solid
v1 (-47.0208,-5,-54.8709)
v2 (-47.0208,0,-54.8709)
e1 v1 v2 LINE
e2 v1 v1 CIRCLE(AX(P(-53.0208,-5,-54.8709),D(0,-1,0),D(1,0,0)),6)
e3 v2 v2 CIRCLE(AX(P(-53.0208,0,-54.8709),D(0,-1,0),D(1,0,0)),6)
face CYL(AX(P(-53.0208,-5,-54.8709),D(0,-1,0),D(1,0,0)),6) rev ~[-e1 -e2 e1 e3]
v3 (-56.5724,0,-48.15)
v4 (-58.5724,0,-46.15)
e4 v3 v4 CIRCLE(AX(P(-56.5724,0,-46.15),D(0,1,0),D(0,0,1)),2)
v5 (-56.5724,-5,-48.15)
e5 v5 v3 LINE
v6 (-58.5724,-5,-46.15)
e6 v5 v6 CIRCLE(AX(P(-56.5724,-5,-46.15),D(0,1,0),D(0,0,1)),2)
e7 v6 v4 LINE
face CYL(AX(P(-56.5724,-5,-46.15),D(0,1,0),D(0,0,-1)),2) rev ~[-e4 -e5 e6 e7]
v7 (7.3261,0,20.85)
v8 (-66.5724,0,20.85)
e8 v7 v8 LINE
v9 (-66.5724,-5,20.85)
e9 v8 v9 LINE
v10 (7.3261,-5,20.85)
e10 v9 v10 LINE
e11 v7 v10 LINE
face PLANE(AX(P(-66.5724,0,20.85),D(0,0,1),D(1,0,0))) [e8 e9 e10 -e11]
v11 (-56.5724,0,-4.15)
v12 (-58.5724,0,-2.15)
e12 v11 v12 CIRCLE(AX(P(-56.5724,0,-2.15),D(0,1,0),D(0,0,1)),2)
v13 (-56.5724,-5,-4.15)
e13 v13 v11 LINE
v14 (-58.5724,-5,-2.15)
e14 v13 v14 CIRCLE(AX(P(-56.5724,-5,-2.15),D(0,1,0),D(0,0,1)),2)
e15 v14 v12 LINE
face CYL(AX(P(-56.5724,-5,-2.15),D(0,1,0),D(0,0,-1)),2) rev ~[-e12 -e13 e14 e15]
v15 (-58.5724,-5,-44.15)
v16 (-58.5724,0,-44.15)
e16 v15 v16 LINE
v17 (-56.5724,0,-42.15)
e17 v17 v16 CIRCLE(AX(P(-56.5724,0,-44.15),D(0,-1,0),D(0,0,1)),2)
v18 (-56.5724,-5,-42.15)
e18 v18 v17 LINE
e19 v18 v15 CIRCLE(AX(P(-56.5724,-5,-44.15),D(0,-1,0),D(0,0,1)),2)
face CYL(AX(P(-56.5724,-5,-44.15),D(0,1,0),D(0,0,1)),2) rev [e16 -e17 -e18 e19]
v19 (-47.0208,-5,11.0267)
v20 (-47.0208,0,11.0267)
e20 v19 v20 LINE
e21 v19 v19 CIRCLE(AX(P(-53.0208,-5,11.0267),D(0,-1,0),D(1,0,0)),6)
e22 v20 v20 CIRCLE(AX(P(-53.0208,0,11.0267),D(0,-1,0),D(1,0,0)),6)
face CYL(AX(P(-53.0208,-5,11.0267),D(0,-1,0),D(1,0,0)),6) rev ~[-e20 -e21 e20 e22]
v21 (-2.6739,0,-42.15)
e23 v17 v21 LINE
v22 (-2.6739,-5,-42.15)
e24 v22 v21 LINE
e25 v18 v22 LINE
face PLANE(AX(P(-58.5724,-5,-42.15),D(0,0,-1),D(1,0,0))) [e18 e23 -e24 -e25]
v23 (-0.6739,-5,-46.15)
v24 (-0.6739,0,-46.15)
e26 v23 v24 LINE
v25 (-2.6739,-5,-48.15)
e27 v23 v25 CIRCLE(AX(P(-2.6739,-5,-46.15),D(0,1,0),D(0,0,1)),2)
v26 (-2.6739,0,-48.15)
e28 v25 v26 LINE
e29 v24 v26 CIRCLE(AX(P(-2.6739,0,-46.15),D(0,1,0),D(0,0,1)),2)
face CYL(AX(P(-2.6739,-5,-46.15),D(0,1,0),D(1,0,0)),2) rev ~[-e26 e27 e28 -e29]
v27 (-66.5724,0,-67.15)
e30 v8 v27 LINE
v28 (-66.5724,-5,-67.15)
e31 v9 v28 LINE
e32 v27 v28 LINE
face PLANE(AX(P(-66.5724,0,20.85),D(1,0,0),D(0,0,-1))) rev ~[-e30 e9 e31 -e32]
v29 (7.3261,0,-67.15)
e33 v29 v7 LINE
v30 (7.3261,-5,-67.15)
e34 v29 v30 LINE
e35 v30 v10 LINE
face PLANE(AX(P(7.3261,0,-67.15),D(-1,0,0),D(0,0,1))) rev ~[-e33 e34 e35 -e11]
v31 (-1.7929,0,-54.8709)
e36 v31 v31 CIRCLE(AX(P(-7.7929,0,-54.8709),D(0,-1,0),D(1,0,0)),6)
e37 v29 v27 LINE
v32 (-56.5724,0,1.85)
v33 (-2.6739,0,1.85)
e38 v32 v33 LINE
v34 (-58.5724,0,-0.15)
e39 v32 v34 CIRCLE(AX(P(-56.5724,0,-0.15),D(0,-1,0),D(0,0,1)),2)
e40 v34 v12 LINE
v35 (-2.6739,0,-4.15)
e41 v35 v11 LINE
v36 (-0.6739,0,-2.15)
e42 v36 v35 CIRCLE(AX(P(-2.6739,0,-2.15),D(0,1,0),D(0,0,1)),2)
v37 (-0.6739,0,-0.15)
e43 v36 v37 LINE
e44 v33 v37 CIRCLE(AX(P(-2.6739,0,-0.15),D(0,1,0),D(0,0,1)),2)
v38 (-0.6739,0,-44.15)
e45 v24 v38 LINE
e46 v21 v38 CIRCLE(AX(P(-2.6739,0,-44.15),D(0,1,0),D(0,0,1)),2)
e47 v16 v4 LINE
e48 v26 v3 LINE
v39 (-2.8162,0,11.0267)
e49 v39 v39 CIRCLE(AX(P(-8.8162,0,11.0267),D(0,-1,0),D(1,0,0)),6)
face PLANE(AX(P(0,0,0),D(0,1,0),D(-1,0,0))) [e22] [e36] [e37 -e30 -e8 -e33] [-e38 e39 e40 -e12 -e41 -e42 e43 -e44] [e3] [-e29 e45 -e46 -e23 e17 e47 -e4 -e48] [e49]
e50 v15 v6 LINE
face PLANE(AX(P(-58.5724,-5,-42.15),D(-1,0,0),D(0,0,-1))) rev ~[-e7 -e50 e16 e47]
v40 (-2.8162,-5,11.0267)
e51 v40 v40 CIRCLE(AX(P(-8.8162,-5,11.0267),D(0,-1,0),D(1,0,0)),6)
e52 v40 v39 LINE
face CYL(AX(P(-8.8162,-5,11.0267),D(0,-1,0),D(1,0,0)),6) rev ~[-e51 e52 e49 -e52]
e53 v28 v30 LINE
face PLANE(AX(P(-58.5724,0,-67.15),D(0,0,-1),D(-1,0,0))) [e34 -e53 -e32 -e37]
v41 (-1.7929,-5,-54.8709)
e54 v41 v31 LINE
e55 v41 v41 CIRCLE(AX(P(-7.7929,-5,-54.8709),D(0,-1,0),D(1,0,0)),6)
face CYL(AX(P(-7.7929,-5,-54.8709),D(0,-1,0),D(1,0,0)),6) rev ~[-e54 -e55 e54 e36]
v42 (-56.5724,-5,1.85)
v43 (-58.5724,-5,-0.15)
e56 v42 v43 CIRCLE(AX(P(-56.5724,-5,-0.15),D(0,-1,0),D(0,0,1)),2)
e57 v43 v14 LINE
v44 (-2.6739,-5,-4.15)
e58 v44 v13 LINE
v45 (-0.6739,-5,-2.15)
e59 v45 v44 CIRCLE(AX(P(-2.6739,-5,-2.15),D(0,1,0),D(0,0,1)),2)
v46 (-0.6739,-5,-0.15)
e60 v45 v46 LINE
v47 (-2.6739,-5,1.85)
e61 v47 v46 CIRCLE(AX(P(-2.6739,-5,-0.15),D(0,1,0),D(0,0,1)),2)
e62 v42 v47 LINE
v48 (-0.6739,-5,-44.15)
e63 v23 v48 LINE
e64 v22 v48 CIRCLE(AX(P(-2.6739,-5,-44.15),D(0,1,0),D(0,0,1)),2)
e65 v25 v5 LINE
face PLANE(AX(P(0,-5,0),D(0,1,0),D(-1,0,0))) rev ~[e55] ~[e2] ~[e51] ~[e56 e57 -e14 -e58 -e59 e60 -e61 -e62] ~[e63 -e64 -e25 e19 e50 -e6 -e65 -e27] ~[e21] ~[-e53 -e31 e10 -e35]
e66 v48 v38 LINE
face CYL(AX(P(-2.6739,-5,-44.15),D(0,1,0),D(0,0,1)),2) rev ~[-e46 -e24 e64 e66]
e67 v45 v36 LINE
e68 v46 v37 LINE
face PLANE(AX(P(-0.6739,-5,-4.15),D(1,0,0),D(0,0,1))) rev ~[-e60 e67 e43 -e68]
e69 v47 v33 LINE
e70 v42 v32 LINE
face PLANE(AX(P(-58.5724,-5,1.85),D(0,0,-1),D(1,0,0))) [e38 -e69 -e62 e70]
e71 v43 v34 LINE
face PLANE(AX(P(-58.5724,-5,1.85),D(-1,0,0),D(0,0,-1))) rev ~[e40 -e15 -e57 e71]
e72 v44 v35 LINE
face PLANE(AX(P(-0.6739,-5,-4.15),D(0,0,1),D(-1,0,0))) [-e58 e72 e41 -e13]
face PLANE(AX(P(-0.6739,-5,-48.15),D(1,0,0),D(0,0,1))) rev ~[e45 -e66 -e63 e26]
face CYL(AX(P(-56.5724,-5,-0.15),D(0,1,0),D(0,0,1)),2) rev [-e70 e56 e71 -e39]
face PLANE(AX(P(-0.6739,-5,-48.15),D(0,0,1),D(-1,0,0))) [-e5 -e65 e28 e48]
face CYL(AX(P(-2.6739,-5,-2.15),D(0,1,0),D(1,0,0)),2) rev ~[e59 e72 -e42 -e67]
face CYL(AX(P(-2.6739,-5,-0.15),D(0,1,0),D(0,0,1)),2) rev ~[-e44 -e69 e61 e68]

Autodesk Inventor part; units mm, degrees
ref_plane "YZ Plane" through (0, 0, 0) normal (1, 0, 0) x (0, 1, 0)
ref_plane "XZ Plane" through (0, 0, 0) normal (0, 1, 0) x (-1, 0, 0)
ref_plane "XY Plane" through (0, 0, 0) normal (0, 0, 1) x (1, 0, 0)
sketch "Sketch1" plane through (0, 0, 0) normal (0, 1, 0) x (-1, 0, 0)
  line L0 (58.5724, -67.15) -> (66.5724, -67.15) projected
  line L1 (58.5724, 20.85) -> (58.5724, -67.15) projected
  line L2 (66.5724, 20.85) -> (58.5724, 20.85) projected
  line L3 (66.5724, 20.85) -> (66.5724, -67.15) projected
  line L4 (-7.3261, 20.85) -> (0.6739, 20.85) projected
  line L5 (-7.3261, -67.15) -> (-7.3261, 20.85) projected
  line L6 (0.6739, -67.15) -> (-7.3261, -67.15) projected
  line L7 (0.6739, 20.85) -> (0.6739, -67.15) projected
  line L8 (58.5724, 20.85) -> (0.6739, 20.85)
  line L9 (58.5724, -67.15) -> (0.6739, -67.15)
  point P0 (0, 0)
extrude "Extrusion1" add sketch "Sketch1" against normal blind 5
sketch "Sketch2" plane through (0, -5, 0) normal (0, -1, 0) x (1, 0, 0)
  line L0 (-58.5724, 20.85) -> (-58.5724, -67.15) projected
  line L1 (-0.6739, -67.15) -> (-0.6739, 20.85) projected
  line L2 (-79.1232, -42.15) -> (-79.1232, -48.15) projected
  line L3 (-79.1232, 1.85) -> (-79.1232, -4.15) projected
  line L4 (-79.1232, 1.85) -> (-0.6739, 1.85)
  line L5 (-0.6739, 1.85) -> (-0.6739, -4.15)
  line L6 (-0.6739, -4.15) -> (-79.1232, -4.15)
  line L7 (-79.1232, -4.15) -> (-79.1232, 1.85)
  line L8 (-79.1232, -42.15) -> (-0.6739, -42.15)
  line L9 (-0.6739, -42.15) -> (-0.6739, -48.15)
  line L10 (-0.6739, -48.15) -> (-79.1232, -48.15)
  line L11 (-79.1232, -48.15) -> (-79.1232, -42.15)
  line L12 (-58.5724, 1.85) -> (-58.5724, -4.15)
  line L13 (-58.5724, -42.15) -> (-58.5724, -48.15)
  point P0 (0, 0)
  point P1 (-0.6739, -2.6877)
  point P2 (-58.5724, -2.6877)
  point P3 (-0.6739, -8.6877)
  point P4 (-58.5724, -8.6877)
extrude "Extrusion2" cut sketch "Sketch2" against normal blind 5 contours L4 L1 L6 L0 | L8 L1 L10 L0
fillet "Fillet1" radius 2 8 edges at (-58.5724, -2.5, 1.85) (-58.5724, -2.5, -4.15) (-0.6739, -2.5, 1.85) (-0.6739, -2.5, -4.15) (-0.6739, -2.5, -42.15) (-0.6739, -2.5, -48.15) (-58.5724, -2.5, -42.15) (-58.5724, -2.5, -48.15)
sketch "Sketch3" plane through (0, -5, 0) normal (0, -1, 0) x (1, 0, 0)
  circle A0 centre (-8.8162, 11.0267) radius 6 projected
  circle A1 centre (-53.0208, 11.0267) radius 6 projected
  circle A2 centre (-53.0208, -54.8709) radius 6 projected
  circle A3 centre (-7.7929, -54.8709) radius 6 projected
  point P0 (0, 0)
extrude "Extrusion3" cut sketch "Sketch3" against normal blind 10
properties part number "КВ33.000.105 - Заслонка"
